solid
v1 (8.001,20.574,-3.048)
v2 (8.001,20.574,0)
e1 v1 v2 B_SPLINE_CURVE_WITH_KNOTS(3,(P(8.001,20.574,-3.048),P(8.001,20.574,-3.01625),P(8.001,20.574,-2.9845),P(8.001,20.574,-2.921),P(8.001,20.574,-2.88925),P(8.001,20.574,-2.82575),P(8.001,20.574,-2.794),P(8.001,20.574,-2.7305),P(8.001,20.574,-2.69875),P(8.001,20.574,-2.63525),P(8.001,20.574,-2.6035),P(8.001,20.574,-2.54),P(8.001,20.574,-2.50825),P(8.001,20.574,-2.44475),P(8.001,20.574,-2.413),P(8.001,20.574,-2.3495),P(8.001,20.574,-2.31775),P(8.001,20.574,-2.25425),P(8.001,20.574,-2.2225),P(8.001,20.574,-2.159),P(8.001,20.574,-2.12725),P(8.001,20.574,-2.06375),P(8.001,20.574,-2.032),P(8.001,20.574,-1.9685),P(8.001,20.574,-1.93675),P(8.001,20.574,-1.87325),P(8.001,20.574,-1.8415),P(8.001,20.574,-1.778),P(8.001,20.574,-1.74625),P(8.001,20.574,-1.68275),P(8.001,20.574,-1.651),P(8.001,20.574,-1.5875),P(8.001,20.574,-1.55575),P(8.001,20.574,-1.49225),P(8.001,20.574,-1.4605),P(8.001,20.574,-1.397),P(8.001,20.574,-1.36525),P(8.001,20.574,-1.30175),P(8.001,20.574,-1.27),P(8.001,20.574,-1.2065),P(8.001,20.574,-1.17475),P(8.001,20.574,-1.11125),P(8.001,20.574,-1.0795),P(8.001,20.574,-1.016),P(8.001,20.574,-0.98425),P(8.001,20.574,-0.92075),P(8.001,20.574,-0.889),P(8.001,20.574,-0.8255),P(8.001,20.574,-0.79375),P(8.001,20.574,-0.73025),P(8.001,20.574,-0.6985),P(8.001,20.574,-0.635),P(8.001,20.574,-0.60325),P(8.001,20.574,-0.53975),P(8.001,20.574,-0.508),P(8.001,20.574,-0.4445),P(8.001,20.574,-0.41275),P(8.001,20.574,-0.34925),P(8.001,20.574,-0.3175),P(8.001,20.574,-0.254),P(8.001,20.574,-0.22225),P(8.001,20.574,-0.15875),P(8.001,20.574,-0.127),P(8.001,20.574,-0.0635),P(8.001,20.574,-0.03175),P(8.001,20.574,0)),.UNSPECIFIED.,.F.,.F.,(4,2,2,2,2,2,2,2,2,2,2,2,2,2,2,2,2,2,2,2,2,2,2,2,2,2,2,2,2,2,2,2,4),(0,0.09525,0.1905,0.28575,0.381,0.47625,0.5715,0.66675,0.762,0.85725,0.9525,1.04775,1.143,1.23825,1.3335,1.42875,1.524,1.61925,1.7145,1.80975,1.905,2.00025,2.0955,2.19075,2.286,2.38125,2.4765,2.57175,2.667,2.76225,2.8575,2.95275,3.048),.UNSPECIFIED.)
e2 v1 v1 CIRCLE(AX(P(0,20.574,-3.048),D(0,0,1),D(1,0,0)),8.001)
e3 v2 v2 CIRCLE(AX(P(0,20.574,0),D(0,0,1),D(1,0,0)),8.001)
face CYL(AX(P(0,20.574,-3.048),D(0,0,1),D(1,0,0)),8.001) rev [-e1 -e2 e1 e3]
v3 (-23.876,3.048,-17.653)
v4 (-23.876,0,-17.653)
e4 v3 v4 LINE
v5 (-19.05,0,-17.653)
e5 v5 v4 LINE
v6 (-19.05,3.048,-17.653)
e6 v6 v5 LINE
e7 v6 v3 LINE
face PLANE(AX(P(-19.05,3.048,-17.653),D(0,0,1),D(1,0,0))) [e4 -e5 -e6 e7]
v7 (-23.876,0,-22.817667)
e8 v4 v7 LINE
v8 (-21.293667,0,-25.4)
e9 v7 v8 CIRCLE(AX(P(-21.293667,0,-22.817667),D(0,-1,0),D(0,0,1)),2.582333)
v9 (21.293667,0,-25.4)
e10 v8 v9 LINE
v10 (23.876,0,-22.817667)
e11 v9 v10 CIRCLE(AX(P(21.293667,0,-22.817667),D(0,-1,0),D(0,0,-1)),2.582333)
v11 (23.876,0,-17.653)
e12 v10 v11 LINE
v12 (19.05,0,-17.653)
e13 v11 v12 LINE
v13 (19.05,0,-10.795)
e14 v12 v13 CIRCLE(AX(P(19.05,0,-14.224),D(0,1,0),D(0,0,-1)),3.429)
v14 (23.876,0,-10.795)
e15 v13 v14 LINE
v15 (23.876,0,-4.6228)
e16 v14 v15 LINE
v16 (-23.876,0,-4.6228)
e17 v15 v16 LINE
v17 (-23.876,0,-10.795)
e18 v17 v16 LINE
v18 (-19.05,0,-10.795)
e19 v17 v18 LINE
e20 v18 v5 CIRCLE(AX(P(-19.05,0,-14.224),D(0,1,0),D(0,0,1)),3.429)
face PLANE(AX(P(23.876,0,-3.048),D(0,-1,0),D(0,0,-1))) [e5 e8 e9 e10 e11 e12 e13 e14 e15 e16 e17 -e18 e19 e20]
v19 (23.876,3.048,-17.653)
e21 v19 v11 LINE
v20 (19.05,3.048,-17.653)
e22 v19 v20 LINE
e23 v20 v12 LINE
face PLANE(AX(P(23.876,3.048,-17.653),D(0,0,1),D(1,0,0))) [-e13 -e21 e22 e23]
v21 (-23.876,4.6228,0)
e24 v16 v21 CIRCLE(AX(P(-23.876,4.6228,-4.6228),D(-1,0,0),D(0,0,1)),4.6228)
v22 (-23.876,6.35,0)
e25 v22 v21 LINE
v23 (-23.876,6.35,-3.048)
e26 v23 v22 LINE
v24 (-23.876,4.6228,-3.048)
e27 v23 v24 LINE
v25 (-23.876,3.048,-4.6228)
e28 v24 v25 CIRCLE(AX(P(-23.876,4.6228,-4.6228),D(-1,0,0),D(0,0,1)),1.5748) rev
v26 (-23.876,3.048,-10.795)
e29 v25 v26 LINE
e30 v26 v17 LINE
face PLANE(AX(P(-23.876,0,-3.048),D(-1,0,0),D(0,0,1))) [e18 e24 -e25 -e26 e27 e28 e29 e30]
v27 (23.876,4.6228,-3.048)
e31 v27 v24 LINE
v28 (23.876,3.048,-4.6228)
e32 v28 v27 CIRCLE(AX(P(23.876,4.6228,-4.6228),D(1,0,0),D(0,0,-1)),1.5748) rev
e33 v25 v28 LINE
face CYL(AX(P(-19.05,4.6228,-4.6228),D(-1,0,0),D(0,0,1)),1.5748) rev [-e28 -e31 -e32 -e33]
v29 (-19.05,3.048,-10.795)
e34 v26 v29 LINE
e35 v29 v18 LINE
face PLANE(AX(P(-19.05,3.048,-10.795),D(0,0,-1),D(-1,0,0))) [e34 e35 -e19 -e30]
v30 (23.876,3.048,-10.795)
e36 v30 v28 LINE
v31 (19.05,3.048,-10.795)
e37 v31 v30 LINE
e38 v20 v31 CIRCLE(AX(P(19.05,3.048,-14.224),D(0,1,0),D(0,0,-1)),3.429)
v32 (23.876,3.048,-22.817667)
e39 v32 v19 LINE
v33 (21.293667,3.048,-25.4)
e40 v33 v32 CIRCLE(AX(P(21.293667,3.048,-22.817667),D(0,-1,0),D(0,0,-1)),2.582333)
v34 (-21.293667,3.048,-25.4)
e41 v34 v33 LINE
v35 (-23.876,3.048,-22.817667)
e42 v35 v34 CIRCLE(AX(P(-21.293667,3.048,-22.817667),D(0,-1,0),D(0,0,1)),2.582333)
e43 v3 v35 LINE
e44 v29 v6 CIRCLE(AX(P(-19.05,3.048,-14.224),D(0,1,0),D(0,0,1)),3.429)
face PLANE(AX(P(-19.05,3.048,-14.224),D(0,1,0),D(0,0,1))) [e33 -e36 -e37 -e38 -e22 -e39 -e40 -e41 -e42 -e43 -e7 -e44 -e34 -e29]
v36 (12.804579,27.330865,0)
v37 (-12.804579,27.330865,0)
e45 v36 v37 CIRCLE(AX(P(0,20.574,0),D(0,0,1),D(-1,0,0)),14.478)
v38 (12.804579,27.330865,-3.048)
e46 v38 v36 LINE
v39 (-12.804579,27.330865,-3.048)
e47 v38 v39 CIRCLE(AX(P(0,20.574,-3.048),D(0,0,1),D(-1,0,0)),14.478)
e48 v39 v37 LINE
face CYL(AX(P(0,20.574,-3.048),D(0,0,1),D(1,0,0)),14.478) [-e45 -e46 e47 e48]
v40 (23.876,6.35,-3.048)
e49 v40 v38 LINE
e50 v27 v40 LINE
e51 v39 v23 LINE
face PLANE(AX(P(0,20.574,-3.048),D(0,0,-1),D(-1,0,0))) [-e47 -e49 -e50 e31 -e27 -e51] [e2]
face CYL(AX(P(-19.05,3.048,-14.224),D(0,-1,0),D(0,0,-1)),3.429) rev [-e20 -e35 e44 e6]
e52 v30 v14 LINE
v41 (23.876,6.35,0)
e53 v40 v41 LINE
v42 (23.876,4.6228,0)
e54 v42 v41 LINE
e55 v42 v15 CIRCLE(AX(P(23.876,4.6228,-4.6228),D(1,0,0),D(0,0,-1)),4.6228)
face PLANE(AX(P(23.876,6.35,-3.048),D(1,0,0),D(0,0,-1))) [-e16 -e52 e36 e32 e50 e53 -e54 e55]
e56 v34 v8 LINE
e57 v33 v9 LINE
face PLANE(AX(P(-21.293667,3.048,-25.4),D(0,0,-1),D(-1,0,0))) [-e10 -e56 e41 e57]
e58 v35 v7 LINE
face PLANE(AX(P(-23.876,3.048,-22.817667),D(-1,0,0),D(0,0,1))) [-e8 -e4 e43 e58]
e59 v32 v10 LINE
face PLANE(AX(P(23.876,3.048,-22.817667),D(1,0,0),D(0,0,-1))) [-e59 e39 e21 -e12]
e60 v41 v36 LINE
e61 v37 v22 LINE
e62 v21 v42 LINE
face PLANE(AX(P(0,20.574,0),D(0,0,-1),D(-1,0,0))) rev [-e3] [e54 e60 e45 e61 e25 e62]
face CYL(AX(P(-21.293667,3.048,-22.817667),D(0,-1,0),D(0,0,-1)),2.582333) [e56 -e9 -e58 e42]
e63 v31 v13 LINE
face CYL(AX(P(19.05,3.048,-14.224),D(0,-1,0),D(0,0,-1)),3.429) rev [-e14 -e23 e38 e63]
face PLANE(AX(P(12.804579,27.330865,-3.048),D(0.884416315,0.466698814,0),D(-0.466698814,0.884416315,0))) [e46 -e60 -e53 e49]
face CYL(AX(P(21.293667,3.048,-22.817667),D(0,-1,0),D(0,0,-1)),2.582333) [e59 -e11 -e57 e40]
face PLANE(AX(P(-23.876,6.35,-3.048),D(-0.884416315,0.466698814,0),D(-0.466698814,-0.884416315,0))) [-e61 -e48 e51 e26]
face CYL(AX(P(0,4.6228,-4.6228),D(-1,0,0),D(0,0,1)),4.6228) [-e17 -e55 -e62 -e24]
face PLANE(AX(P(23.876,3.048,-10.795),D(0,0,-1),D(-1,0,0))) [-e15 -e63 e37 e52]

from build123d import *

# Parameters (mm, degrees)
SKETCH1_R           = 8.001
BOSS_EXTRUDE1_DEPTH = 3.048
BOSS_EXTRUDE2_DEPTH = 3.048
FILLET1_R           = 1.5748
FILLET2_R           = 4.6228


with BuildPart() as part:
    # Sketch1 → Boss-Extrude1 (new body)
    with BuildSketch(Plane.XY):
        with BuildLine():
            Line((-23.876, 6.35), (-12.804579401, 27.330865424))
            ThreePointArc((-12.804579401, 27.330865424), (0, 35.052), (12.804579401, 27.330865424))
            Line((12.804579401, 27.330865424), (23.876, 6.35))
            Line((23.876, 6.35), (23.876, 0))
            Line((23.876, 0), (-23.876, 0))
            Line((-23.876, 0), (-23.876, 6.35))
        make_face()
        with Locations((0, 20.574)):
            Circle(SKETCH1_R, mode=Mode.SUBTRACT)
    extrude(amount=-BOSS_EXTRUDE1_DEPTH)

    # Sketch2 → Boss-Extrude2 (add)
    with BuildSketch(Plane.XZ):
        with BuildLine():
            Line((23.876, -10.795), (19.05, -10.795))
            ThreePointArc((19.05, -10.795), (15.621, -14.224), (19.05, -17.653))
            Line((19.05, -17.653), (23.876, -17.653))
            Line((23.876, -17.653), (23.876, -22.817666667))
            ThreePointArc((23.876, -22.817666667), (23.119652078, -24.643652078), (21.293666667, -25.4))
            Line((21.293666667, -25.4), (-21.293666667, -25.4))
            ThreePointArc((-21.293666667, -25.4), (-23.119652078, -24.643652078), (-23.876, -22.817666667))
            Line((-23.876, -22.817666667), (-23.876, -17.653))
            Line((-23.876, -17.653), (-19.05, -17.653))
            ThreePointArc((-19.05, -17.653), (-15.621, -14.224), (-19.05, -10.795))
            Line((-19.05, -10.795), (-23.876, -10.795))
            Line((-23.876, -10.795), (-23.876, 0))
            Line((-23.876, 0), (23.876, 0))
            Line((23.876, 0), (23.876, -10.795))
        make_face()
    extrude(amount=-BOSS_EXTRUDE2_DEPTH)

    # Fillet1
    fillet1_edges = [part.edges().sort_by_distance(p)[0] for p in [
        (0, 3.048, -3.048),
    ]]
    fillet(fillet1_edges, radius=FILLET1_R)

    # Fillet2
    fillet2_edges = [part.edges().sort_by_distance(p)[0] for p in [
        (0, 0, 0),
    ]]
    fillet(fillet2_edges, radius=FILLET2_R)


solid = part.part
